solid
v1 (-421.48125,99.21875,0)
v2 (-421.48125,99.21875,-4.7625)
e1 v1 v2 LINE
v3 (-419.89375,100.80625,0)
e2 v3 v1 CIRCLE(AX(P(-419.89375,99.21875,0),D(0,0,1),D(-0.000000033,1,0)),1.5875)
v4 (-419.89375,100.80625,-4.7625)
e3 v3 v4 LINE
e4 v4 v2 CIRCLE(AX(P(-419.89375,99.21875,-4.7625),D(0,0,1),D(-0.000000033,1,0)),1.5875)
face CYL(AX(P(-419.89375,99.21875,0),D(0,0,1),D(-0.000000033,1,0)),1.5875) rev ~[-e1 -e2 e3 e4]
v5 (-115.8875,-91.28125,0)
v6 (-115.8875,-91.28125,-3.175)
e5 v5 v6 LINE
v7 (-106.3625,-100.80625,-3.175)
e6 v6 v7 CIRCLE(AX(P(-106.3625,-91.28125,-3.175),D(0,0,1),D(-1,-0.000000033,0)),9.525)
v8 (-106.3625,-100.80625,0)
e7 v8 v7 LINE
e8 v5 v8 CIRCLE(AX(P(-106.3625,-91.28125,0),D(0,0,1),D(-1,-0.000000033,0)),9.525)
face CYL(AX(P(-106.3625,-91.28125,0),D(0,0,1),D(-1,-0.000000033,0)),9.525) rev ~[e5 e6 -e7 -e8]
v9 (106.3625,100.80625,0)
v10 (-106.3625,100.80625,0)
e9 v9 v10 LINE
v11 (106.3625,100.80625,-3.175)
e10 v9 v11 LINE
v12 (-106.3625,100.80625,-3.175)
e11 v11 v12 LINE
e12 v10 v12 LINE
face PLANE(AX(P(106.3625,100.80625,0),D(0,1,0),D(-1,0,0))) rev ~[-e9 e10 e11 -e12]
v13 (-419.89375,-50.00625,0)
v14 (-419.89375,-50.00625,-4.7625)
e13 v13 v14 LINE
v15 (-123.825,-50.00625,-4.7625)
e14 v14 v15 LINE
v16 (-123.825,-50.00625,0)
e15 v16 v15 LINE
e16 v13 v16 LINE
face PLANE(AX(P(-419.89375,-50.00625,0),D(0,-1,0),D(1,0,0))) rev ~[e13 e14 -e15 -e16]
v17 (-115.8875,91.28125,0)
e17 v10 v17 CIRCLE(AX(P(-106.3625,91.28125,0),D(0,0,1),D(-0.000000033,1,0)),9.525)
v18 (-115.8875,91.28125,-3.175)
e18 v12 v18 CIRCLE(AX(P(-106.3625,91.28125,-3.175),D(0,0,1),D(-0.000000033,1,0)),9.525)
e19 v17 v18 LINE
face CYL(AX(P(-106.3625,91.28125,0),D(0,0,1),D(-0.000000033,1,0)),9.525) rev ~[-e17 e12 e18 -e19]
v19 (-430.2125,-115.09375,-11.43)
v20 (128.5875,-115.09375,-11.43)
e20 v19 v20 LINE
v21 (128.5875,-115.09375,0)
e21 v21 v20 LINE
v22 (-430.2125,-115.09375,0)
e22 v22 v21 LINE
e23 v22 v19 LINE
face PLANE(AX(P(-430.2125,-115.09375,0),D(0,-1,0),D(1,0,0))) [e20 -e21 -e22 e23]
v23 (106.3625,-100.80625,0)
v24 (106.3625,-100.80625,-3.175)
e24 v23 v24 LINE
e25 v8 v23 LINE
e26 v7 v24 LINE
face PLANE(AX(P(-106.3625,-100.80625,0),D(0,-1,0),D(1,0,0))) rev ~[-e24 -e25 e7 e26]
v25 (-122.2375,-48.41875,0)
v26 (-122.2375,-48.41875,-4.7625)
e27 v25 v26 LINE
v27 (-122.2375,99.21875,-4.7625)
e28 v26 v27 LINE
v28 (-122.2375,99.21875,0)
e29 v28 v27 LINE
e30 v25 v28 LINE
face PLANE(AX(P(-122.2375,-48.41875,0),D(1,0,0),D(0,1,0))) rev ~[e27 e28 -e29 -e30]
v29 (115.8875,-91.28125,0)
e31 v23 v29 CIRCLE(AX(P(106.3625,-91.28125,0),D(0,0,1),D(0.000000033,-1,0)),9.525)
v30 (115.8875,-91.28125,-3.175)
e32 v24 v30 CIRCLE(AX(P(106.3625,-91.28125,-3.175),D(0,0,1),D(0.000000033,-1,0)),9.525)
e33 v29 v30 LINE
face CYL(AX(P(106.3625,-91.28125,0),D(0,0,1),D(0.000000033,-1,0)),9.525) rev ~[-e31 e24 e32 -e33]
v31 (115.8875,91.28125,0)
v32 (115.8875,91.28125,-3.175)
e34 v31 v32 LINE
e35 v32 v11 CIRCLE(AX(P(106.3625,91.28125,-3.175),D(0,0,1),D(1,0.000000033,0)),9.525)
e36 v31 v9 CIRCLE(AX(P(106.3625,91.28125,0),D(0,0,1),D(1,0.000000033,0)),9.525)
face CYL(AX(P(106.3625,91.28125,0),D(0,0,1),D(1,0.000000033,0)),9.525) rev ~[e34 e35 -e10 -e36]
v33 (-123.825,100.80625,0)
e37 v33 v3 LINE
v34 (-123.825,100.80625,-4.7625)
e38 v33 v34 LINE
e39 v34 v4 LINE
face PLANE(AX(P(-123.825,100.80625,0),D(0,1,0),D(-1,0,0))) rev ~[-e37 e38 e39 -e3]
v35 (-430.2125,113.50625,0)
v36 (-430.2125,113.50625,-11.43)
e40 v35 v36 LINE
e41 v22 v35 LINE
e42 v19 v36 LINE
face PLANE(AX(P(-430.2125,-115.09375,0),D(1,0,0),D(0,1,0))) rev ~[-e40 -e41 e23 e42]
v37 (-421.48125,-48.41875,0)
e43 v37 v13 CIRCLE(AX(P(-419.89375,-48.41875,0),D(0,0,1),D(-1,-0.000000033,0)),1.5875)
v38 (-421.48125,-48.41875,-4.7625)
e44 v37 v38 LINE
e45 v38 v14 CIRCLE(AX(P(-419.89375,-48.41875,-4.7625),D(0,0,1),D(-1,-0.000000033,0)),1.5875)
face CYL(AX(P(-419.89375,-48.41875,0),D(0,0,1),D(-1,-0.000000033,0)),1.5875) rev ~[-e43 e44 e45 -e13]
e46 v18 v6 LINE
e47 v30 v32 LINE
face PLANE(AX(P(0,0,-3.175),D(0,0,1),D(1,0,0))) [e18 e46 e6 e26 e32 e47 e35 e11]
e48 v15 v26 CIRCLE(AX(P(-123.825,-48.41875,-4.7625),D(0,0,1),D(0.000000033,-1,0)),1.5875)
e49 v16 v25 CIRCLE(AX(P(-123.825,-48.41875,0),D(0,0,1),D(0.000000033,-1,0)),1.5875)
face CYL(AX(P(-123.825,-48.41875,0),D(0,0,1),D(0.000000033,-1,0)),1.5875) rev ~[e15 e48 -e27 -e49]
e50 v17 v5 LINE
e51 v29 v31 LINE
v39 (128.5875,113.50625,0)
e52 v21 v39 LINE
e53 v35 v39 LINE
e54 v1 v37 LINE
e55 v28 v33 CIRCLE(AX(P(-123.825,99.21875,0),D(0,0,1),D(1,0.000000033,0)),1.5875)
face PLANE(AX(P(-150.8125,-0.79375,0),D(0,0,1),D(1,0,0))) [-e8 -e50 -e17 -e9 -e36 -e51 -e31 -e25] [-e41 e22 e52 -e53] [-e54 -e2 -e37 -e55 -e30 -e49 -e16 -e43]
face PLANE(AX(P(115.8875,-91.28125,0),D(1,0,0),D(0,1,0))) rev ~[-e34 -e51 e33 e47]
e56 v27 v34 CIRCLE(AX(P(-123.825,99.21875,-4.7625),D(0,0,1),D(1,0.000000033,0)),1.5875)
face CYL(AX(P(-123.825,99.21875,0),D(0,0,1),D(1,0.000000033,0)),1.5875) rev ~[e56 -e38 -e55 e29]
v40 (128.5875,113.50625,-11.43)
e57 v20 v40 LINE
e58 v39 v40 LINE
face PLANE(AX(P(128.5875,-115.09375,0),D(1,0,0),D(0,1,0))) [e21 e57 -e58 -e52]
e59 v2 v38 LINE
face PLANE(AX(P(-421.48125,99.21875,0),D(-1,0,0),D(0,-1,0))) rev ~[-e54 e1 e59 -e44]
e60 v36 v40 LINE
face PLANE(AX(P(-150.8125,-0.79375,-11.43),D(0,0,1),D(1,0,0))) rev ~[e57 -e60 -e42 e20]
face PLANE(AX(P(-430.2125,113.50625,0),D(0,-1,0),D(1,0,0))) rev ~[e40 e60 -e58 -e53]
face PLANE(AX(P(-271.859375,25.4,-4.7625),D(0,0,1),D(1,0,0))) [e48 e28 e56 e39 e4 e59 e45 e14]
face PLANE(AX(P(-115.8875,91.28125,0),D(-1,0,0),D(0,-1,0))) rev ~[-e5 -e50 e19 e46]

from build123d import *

# Parameters (mm, degrees)
F0_W     = 558.8
F0_H     = 228.6
F1_DEPTH = 11.43
F2_DEPTH = 4.7625
F3_DEPTH = 3.175


with BuildPart() as f1:
    # F0 (on Top) → F1 (new body)
    with BuildSketch(Plane.XY):
        with Locations((-150.8125, -0.79375)):
            Rectangle(F0_W, F0_H)
        with BuildLine():
            ThreePointArc((-421.48125, 99.21875), (-421.016282, 100.341282), (-419.89375, 100.80625))
            Line((-419.89375, 100.80625), (-123.825, 100.80625))
            ThreePointArc((-123.825, 100.80625), (-122.702468, 100.341282), (-122.2375, 99.21875))
            Line((-122.2375, 99.21875), (-122.2375, -48.41875))
            ThreePointArc((-122.2375, -48.41875), (-122.702468, -49.541282), (-123.825, -50.00625))
            Line((-123.825, -50.00625), (-419.89375, -50.00625))
            ThreePointArc((-419.89375, -50.00625), (-421.016282, -49.541282), (-421.48125, -48.41875))
            Line((-421.48125, -48.41875), (-421.48125, 99.21875))
        make_face(mode=Mode.SUBTRACT)
        with BuildLine():
            Line((-106.3625, 100.80625), (106.3625, 100.80625))
            ThreePointArc((106.3625, 100.80625), (113.097692, 98.016442), (115.8875, 91.28125))
            Line((115.8875, 91.28125), (115.8875, -91.28125))
            ThreePointArc((115.8875, -91.28125), (113.097692, -98.016442), (106.3625, -100.80625))
            Line((106.3625, -100.80625), (-106.3625, -100.80625))
            ThreePointArc((-106.3625, -100.80625), (-113.097692, -98.016442), (-115.8875, -91.28125))
            Line((-115.8875, -91.28125), (-115.8875, 91.28125))
            ThreePointArc((-115.8875, 91.28125), (-113.097692, 98.016442), (-106.3625, 100.80625))
        make_face(mode=Mode.SUBTRACT)
        with BuildLine():
            Line((-123.825, 100.80625), (-419.89375, 100.80625))
            ThreePointArc((-419.89375, 100.80625), (-421.016282, 100.341282), (-421.48125, 99.21875))
            Line((-421.48125, 99.21875), (-421.48125, -48.41875))
            ThreePointArc((-421.48125, -48.41875), (-421.016282, -49.541282), (-419.89375, -50.00625))
            Line((-419.89375, -50.00625), (-123.825, -50.00625))
            ThreePointArc((-123.825, -50.00625), (-122.702468, -49.541282), (-122.2375, -48.41875))
            Line((-122.2375, -48.41875), (-122.2375, 99.21875))
            ThreePointArc((-122.2375, 99.21875), (-122.702468, 100.341282), (-123.825, 100.80625))
        make_face()
        with BuildLine():
            ThreePointArc((115.8875, 91.28125), (113.097692, 98.016442), (106.3625, 100.80625))
            Line((106.3625, 100.80625), (-106.3625, 100.80625))
            ThreePointArc((-106.3625, 100.80625), (-113.097692, 98.016442), (-115.8875, 91.28125))
            Line((-115.8875, 91.28125), (-115.8875, -91.28125))
            ThreePointArc((-115.8875, -91.28125), (-113.097692, -98.016442), (-106.3625, -100.80625))
            Line((-106.3625, -100.80625), (106.3625, -100.80625))
            ThreePointArc((106.3625, -100.80625), (113.097692, -98.016442), (115.8875, -91.28125))
            Line((115.8875, -91.28125), (115.8875, 91.28125))
        make_face()
    extrude(amount=-F1_DEPTH)

    # F0 (on Top) → F2 (cut)
    with BuildSketch(Plane.XY):
        with BuildLine():
            Line((-123.825, 100.80625), (-419.89375, 100.80625))
            ThreePointArc((-419.89375, 100.80625), (-421.016282, 100.341282), (-421.48125, 99.21875))
            Line((-421.48125, 99.21875), (-421.48125, -48.41875))
            ThreePointArc((-421.48125, -48.41875), (-421.016282, -49.541282), (-419.89375, -50.00625))
            Line((-419.89375, -50.00625), (-123.825, -50.00625))
            ThreePointArc((-123.825, -50.00625), (-122.702468, -49.541282), (-122.2375, -48.41875))
            Line((-122.2375, -48.41875), (-122.2375, 99.21875))
            ThreePointArc((-122.2375, 99.21875), (-122.702468, 100.341282), (-123.825, 100.80625))
        make_face()
    extrude(amount=-F2_DEPTH, mode=Mode.SUBTRACT)

    # F0 (on Top) → F3 (cut)
    with BuildSketch(Plane.XY):
        with BuildLine():
            ThreePointArc((115.8875, 91.28125), (113.097692, 98.016442), (106.3625, 100.80625))
            Line((106.3625, 100.80625), (-106.3625, 100.80625))
            ThreePointArc((-106.3625, 100.80625), (-113.097692, 98.016442), (-115.8875, 91.28125))
            Line((-115.8875, 91.28125), (-115.8875, -91.28125))
            ThreePointArc((-115.8875, -91.28125), (-113.097692, -98.016442), (-106.3625, -100.80625))
            Line((-106.3625, -100.80625), (106.3625, -100.80625))
            ThreePointArc((106.3625, -100.80625), (113.097692, -98.016442), (115.8875, -91.28125))
            Line((115.8875, -91.28125), (115.8875, 91.28125))
        make_face()
    extrude(amount=-F3_DEPTH, mode=Mode.SUBTRACT)


solid = f1.part
